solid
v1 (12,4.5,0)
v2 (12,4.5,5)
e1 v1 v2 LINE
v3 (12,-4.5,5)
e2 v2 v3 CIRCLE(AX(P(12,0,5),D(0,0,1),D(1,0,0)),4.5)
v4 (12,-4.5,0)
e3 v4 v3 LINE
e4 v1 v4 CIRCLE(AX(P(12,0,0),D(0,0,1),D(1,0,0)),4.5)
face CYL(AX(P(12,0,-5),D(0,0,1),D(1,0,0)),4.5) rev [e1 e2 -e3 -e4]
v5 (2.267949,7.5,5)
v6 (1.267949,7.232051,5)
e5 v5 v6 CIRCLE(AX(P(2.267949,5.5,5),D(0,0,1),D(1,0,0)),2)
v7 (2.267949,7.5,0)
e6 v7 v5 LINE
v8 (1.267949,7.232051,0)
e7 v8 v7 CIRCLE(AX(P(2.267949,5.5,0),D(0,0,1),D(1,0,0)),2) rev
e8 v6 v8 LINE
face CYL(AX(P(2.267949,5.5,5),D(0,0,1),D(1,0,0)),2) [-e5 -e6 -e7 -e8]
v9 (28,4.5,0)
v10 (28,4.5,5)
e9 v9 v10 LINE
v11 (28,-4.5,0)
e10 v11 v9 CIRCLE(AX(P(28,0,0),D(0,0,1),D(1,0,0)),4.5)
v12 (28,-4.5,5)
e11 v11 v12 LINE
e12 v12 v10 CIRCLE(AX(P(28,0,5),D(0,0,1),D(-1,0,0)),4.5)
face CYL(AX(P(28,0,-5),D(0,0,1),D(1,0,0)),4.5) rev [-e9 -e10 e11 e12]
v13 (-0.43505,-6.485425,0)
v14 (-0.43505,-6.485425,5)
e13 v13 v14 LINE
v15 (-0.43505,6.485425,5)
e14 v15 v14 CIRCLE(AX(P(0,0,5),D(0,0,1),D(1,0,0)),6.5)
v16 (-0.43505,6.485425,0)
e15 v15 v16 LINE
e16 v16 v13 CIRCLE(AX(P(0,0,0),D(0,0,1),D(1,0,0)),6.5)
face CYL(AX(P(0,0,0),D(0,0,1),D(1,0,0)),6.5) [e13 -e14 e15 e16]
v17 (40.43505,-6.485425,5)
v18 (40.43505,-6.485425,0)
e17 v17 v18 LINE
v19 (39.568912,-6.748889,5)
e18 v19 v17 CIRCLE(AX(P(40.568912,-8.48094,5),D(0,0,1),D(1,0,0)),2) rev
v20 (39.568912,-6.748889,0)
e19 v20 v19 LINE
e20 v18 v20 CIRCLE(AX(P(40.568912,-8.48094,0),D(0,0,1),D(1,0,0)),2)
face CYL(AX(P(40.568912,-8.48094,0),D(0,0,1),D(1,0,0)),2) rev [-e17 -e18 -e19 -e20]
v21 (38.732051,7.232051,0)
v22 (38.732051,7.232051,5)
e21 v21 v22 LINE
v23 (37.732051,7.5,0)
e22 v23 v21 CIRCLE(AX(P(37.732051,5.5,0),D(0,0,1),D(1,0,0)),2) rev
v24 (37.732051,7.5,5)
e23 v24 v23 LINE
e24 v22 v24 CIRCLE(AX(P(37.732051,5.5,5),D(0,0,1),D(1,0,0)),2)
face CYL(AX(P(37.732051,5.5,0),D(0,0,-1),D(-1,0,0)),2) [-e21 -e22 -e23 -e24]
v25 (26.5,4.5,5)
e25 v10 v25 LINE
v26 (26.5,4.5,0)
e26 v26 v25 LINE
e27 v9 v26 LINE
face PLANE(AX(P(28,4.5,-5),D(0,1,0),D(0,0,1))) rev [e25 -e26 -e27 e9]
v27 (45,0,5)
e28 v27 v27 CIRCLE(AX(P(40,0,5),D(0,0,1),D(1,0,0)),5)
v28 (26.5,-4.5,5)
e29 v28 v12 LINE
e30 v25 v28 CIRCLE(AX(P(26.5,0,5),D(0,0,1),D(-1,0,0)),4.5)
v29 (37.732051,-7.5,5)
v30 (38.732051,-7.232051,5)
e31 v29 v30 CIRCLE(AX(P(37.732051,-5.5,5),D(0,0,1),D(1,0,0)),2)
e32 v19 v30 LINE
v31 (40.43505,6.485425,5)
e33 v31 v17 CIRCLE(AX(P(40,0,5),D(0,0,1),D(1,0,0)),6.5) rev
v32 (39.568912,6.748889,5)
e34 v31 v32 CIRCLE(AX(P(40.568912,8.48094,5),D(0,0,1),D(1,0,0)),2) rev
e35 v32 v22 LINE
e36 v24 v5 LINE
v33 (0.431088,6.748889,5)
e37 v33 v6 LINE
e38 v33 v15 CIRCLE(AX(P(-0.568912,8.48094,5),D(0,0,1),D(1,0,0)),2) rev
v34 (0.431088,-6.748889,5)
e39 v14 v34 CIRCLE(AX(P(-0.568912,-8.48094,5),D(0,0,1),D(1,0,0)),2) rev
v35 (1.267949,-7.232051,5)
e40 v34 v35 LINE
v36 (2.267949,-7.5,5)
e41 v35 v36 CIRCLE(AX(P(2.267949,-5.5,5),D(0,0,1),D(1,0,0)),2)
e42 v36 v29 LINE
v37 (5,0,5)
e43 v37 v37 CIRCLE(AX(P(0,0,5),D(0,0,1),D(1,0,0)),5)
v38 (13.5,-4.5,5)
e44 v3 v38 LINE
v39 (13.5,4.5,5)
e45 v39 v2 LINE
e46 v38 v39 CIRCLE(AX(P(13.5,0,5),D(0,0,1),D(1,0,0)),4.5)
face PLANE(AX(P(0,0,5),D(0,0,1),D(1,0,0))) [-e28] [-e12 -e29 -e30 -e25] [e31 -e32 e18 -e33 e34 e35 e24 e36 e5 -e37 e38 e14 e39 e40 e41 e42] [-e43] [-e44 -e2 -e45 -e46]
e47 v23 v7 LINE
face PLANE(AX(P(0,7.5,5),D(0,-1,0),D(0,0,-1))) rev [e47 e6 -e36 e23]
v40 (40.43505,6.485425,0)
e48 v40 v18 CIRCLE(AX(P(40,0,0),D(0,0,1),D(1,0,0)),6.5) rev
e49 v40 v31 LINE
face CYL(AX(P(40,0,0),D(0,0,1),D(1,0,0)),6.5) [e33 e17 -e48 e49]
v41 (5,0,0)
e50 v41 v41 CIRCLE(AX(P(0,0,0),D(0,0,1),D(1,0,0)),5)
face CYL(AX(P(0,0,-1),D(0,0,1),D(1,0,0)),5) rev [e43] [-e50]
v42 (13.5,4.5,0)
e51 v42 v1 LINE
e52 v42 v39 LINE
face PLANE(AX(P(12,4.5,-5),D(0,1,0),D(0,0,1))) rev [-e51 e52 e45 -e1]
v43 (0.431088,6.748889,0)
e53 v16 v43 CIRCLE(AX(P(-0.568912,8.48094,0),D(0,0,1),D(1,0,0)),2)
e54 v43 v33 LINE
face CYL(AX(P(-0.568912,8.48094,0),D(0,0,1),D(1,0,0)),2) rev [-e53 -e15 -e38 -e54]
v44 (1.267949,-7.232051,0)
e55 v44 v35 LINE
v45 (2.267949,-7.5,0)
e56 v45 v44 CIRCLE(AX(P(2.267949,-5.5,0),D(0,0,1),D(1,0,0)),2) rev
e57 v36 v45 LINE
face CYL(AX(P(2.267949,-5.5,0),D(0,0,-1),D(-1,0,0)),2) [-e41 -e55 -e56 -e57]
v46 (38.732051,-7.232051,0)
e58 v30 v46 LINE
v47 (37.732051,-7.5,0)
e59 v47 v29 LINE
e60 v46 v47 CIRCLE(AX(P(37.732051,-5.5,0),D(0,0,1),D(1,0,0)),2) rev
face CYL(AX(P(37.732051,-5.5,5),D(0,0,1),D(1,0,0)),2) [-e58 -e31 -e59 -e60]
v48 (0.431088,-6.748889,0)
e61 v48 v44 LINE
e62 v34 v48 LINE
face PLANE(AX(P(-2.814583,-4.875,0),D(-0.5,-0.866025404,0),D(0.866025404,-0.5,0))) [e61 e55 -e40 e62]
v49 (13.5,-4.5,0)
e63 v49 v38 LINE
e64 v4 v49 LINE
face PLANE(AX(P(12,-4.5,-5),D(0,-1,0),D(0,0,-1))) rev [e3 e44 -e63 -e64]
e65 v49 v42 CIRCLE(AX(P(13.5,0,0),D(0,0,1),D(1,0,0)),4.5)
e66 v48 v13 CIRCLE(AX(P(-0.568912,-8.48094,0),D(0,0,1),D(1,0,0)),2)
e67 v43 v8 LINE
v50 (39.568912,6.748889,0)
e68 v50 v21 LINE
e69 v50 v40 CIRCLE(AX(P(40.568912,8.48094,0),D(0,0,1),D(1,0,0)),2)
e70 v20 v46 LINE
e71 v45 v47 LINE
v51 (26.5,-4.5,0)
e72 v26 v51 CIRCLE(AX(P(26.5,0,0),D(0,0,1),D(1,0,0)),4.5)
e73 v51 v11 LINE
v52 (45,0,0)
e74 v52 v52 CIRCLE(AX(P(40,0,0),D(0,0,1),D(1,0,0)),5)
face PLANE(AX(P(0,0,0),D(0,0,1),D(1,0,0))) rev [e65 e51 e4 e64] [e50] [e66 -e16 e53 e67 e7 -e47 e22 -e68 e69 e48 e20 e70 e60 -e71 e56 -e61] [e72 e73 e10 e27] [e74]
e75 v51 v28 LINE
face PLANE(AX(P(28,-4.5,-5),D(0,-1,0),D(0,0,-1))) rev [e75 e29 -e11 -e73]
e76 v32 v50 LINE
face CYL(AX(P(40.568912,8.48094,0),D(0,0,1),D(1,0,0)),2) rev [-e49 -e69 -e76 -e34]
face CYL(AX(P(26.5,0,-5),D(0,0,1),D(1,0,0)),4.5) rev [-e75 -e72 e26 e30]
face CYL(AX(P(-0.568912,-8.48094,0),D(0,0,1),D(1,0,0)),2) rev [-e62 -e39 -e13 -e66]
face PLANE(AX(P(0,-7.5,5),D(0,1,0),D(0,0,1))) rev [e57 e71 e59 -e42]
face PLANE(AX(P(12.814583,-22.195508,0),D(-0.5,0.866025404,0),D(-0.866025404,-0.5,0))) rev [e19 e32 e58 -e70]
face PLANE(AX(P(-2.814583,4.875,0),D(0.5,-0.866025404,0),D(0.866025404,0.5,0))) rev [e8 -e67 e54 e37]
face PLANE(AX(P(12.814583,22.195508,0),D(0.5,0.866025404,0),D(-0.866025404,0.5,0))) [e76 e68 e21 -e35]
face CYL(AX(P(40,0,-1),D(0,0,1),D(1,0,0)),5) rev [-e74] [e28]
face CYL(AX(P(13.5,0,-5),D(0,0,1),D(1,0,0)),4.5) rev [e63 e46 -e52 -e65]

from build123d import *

# Parameters (mm, degrees)
SKETCH_1_R          = 3.5
EXTRUDE_1_DEPTH     = 5
CUT_EXTRUDE_2_DEPTH = 49.347699015
SKETCH_6_R          = 5
CUT_EXTRUDE_3_DEPTH = 6
CUT_EXTRUDE_4_DEPTH = 10
FILLET_1_R          = 2


with BuildPart() as part:
    # 草图1 → 凸台-拉伸1 (new body)
    with BuildSketch(Plane.XY):
        with BuildLine():
            Line((0, 7.5), (40, 7.5))
            ThreePointArc((40, 7.5), (47.5, 0), (40, -7.5))
            Line((40, -7.5), (0, -7.5))
            ThreePointArc((0, -7.5), (-7.5, 0), (0, 7.5))
        make_face()
        Circle(SKETCH_1_R, mode=Mode.SUBTRACT)
        with Locations((40, 0)):
            Circle(SKETCH_1_R, mode=Mode.SUBTRACT)
    extrude(amount=EXTRUDE_1_DEPTH)

    # 草图3 → 切除-拉伸2 (cut, through all)
    with BuildSketch(Plane.XY.offset(5)):
        with BuildLine():
            ThreePointArc((0, -6.5), (-6.5, 0), (0, 6.5))
            Line((0, 6.5), (1.732050808, 7.5))
            Line((1.732050808, 7.5), (0, 7.5))
            ThreePointArc((0, 7.5), (-7.5, 0), (0, -7.5))
            Line((0, -7.5), (1.732050808, -7.5))
            Line((1.732050808, -7.5), (0, -6.5))
        make_face()
        with BuildLine():
            Line((40, 7.5), (38.267949192, 7.5))
            Line((38.267949192, 7.5), (40, 6.5))
            ThreePointArc((40, 6.5), (44.596194078, 4.596194078), (46.5, 0))
            ThreePointArc((46.5, 0), (44.596194078, -4.596194078), (40, -6.5))
            Line((40, -6.5), (38.267949192, -7.5))
            Line((38.267949192, -7.5), (40, -7.5))
            ThreePointArc((40, -7.5), (47.5, 0), (40, 7.5))
        make_face()
    extrude(amount=-CUT_EXTRUDE_2_DEPTH, mode=Mode.SUBTRACT)

    # 草图6 → 切除-拉伸3 (cut)
    with BuildSketch(Plane.XY.offset(5)):
        Circle(SKETCH_6_R)
        with Locations((40, 0)):
            Circle(SKETCH_6_R)
    extrude(amount=-CUT_EXTRUDE_3_DEPTH, mode=Mode.SUBTRACT)

    # 草图4 → 切除-拉伸4 (cut)
    with BuildSketch(Plane.XY.offset(5)):
        with BuildLine():
            Line((12, 4.5), (13.5, 4.5))
            ThreePointArc((13.5, 4.5), (18, 0), (13.5, -4.5))
            Line((13.5, -4.5), (12, -4.5))
            ThreePointArc((12, -4.5), (7.5, 0), (12, 4.5))
        make_face()
        with BuildLine():
            Line((28, 4.5), (26.5, 4.5))
            ThreePointArc((26.5, 4.5), (22, 0), (26.5, -4.5))
            Line((26.5, -4.5), (28, -4.5))
            ThreePointArc((28, -4.5), (32.5, 0), (28, 4.5))
        make_face()
    extrude(amount=-CUT_EXTRUDE_4_DEPTH, mode=Mode.SUBTRACT)

    # 圆角1
    fillet_1_edges = [part.edges().sort_by_distance(p)[0] for p in [
        (0, 6.5, 2.5),
        (0, -6.5, 2.5),
        (1.732050808, -7.5, 2.5),
        (1.732050808, 7.5, 2.5),
        (40, 6.5, 2.5),
        (38.267949192, 7.5, 2.5),
        (38.267949192, -7.5, 2.5),
        (40, -6.5, 2.5),
    ]]
    fillet(fillet_1_edges, radius=FILLET_1_R)


solid = part.part
